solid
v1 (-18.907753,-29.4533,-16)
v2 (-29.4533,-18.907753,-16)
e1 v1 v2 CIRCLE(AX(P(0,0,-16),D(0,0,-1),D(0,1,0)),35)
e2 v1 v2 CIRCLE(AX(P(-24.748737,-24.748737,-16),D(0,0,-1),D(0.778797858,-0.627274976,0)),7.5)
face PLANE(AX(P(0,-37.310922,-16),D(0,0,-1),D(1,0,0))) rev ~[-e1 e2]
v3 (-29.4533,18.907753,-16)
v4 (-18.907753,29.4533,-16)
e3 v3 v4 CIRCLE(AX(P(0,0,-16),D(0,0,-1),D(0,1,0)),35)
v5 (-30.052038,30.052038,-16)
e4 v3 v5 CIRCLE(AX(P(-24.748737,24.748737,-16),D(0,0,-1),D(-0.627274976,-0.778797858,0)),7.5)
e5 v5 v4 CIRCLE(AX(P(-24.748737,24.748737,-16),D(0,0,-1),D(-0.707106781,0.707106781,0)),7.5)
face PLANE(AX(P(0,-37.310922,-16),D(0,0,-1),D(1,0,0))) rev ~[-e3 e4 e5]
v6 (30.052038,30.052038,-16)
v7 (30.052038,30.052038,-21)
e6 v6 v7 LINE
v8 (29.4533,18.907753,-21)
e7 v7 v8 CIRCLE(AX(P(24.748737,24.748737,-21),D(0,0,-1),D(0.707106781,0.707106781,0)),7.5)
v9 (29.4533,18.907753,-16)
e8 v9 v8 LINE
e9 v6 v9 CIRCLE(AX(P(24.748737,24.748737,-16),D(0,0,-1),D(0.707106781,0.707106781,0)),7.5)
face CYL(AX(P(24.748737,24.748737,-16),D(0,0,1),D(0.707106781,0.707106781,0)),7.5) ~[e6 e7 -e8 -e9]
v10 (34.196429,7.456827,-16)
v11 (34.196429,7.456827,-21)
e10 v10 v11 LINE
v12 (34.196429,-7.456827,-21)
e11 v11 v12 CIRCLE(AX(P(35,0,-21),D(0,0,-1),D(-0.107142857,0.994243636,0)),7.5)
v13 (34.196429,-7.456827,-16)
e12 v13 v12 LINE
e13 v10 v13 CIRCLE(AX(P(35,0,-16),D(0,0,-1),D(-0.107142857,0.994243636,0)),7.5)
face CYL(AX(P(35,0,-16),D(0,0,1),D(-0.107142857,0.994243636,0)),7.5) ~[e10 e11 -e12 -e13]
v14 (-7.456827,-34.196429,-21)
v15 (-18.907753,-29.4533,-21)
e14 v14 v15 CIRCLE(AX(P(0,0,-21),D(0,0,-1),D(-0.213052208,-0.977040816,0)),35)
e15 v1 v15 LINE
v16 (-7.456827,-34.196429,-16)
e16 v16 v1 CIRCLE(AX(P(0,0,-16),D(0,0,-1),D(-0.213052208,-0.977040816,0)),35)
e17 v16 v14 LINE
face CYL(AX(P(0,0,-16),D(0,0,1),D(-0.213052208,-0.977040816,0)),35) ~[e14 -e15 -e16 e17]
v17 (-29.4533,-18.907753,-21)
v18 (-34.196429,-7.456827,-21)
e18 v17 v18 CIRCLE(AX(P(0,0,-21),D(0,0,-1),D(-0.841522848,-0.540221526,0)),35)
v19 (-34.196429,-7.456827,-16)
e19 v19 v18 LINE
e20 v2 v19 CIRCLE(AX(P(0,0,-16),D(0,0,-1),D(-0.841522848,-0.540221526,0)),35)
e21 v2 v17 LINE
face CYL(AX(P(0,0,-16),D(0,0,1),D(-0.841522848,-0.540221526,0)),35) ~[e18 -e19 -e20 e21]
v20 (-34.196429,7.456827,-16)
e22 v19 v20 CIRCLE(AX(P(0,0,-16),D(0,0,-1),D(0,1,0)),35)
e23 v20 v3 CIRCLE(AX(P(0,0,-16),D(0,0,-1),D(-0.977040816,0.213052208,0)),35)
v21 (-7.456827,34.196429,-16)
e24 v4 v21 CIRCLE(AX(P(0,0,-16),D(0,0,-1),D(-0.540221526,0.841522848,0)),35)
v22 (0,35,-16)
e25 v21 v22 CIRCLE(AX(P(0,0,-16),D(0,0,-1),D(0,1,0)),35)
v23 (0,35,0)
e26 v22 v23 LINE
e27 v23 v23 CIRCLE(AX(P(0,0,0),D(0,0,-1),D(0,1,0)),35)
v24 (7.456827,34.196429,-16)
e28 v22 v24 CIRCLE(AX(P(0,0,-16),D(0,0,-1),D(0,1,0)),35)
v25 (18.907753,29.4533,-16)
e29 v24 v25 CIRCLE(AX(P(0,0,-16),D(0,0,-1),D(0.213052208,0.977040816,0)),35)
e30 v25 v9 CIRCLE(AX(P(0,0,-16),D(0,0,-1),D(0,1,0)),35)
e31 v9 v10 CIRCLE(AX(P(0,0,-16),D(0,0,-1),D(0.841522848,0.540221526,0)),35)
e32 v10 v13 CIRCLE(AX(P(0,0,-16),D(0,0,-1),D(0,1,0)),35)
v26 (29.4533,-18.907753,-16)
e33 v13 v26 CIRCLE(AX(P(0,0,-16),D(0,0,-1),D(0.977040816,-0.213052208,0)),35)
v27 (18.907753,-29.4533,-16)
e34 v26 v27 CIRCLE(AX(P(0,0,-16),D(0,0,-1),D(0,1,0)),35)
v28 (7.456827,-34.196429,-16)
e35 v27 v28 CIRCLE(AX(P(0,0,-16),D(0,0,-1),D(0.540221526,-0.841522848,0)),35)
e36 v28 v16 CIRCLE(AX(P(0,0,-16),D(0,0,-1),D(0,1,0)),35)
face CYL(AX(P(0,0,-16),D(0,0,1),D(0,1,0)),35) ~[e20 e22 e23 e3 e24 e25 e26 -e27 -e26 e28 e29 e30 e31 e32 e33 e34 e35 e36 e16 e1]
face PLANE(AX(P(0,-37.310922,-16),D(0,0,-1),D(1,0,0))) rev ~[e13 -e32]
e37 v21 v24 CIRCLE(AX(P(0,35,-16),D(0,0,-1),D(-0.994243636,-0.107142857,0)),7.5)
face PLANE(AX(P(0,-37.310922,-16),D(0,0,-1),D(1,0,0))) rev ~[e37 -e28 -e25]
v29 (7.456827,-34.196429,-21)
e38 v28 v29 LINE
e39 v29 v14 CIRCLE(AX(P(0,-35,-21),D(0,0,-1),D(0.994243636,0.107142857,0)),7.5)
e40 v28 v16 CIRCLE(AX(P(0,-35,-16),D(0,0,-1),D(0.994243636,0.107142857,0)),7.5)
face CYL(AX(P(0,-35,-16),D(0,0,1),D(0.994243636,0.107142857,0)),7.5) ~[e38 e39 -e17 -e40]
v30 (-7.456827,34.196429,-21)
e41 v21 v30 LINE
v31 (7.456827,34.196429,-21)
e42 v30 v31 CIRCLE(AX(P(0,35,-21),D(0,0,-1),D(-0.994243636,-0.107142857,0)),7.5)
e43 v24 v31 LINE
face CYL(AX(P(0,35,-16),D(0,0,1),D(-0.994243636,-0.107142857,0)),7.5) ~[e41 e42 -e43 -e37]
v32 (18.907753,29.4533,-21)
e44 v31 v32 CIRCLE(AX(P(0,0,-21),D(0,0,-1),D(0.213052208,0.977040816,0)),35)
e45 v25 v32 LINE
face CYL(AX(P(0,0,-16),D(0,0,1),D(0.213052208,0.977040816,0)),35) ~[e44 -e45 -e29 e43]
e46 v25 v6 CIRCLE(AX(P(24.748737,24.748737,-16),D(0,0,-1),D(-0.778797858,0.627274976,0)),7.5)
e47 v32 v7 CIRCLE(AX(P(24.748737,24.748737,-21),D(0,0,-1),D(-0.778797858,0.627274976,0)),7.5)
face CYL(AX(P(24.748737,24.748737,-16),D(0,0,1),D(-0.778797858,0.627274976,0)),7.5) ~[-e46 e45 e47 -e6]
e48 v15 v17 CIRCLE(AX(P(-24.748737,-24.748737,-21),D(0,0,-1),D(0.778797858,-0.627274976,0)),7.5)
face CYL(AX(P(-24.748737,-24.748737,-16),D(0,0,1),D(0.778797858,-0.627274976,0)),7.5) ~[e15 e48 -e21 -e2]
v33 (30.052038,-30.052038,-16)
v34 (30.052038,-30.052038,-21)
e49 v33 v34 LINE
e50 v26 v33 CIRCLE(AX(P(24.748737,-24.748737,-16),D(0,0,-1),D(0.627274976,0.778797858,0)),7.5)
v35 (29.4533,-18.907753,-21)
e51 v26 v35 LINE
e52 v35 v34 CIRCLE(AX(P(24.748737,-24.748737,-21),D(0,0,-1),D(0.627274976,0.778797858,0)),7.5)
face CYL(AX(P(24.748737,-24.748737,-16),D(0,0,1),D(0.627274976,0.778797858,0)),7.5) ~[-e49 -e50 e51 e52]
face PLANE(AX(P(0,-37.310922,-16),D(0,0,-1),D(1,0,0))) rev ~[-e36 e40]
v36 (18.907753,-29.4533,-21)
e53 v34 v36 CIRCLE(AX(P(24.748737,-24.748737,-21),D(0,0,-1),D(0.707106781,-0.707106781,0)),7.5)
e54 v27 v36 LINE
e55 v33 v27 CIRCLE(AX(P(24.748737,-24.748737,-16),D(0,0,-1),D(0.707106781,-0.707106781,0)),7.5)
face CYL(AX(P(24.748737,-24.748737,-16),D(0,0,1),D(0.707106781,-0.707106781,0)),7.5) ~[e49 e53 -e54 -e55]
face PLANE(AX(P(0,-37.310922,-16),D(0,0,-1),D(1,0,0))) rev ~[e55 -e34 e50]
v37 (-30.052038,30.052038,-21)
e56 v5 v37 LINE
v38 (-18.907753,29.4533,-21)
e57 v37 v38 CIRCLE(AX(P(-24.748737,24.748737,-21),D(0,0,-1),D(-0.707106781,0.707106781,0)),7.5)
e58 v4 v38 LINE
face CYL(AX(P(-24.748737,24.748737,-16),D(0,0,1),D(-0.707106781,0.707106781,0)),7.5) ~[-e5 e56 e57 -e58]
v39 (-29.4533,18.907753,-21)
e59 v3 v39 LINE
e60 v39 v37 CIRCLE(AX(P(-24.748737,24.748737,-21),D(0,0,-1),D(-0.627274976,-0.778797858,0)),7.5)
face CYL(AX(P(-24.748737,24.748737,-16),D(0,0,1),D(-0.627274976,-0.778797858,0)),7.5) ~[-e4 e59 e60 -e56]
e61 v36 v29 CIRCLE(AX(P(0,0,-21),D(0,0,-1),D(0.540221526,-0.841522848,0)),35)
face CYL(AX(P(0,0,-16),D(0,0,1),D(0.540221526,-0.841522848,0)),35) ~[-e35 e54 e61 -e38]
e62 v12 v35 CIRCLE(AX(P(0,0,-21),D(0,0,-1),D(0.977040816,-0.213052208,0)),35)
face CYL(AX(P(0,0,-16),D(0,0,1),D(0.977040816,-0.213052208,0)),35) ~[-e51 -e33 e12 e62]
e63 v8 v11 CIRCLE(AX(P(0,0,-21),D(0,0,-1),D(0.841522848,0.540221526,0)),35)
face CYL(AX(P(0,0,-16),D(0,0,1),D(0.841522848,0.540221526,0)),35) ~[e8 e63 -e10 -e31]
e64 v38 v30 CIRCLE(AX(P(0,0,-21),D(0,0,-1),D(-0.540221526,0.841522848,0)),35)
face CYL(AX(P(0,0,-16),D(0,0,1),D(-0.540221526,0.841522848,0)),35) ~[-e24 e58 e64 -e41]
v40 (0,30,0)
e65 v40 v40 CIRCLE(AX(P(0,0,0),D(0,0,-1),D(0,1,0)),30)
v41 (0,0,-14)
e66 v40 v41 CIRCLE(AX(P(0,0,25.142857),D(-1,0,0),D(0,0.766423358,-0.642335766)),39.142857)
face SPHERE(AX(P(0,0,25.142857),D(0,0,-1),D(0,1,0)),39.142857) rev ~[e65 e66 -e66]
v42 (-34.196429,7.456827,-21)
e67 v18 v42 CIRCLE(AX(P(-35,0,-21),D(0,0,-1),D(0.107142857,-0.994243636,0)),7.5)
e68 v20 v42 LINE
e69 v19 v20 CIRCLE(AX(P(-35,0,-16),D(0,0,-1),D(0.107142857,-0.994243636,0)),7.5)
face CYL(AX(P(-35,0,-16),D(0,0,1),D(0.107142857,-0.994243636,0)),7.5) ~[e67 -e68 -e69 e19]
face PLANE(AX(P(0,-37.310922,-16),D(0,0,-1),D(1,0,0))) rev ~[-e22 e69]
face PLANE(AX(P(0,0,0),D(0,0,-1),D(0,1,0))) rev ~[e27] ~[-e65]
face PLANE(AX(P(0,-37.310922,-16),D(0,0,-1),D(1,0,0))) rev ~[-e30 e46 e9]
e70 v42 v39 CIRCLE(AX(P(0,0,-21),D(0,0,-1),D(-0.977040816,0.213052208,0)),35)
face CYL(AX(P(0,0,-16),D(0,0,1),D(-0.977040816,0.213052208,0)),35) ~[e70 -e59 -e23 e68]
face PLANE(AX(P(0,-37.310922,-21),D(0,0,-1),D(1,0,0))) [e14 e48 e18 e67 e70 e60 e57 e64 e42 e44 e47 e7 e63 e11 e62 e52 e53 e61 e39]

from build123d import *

# Parameters (mm, degrees)
F3_DEPTH = 5


with BuildPart() as f1:
    # F0 (on Right) → F1 (revolve)
    with BuildSketch(Plane.YZ):
        with BuildLine():
            Line((0, -14), (0, -16))
            Line((0, -16), (35, -16))
            Line((35, -16), (35, 0))
            Line((35, 0), (30, 0))
            ThreePointArc((30, 0), (16.5529453572, -10.3277400512), (0, -14))
        make_face()
    revolve(axis=Axis((0, 0, -1.8644096255), (0, 0, -1)))

    # F2 (on face) → F3 (join)
    with BuildSketch(Plane(origin=(0, 0, -16), x_dir=(1, 0, 0), z_dir=(0, 0, -1))):
        with BuildLine():
            ThreePointArc((7.4568272716, 34.1964285714), (0, 42.5), (-7.4568272716, 34.1964285714))
            ThreePointArc((-7.4568272716, 34.1964285714), (0, 35), (7.4568272716, 34.1964285714))
        make_face()
        with BuildLine():
            Line((30.0520382004, 30.0520382004), (24.7487373415, 24.7487373415))
            ThreePointArc((24.7487373415, 24.7487373415), (27.2579250357, 21.9546241768), (29.4532996651, 18.9077534053))
            ThreePointArc((29.4532996651, 18.9077534053), (32.2379363821, 24.3463721699), (30.0520382004, 30.0520382004))
        make_face()
        with BuildLine():
            ThreePointArc((30.0520382004, 30.0520382004), (24.3463721699, 32.2379363821), (18.9077534053, 29.4532996651))
            ThreePointArc((18.9077534053, 29.4532996651), (21.9546241768, 27.2579250357), (24.7487373415, 24.7487373415))
            Line((24.7487373415, 24.7487373415), (30.0520382004, 30.0520382004))
        make_face()
        with BuildLine():
            ThreePointArc((35, 0), (34.7985272677, -3.75), (34.1964285714, -7.4568272716))
            ThreePointArc((34.1964285714, -7.4568272716), (42.5, 0), (34.1964285714, 7.4568272716))
            ThreePointArc((34.1964285714, 7.4568272716), (34.7985272677, 3.75), (35, 0))
        make_face()
        with BuildLine():
            ThreePointArc((29.4532996651, -18.9077534053), (27.2579250357, -21.9546241768), (24.7487373415, -24.7487373415))
            Line((24.7487373415, -24.7487373415), (30.0520382004, -30.0520382004))
            ThreePointArc((30.0520382004, -30.0520382004), (32.2379363821, -24.3463721699), (29.4532996651, -18.9077534053))
        make_face()
        with BuildLine():
            Line((30.0520382004, -30.0520382004), (24.7487373415, -24.7487373415))
            ThreePointArc((24.7487373415, -24.7487373415), (21.9546241768, -27.2579250357), (18.9077534053, -29.4532996651))
            ThreePointArc((18.9077534053, -29.4532996651), (24.3463721699, -32.2379363821), (30.0520382004, -30.0520382004))
        make_face()
        with BuildLine():
            ThreePointArc((7.4568272716, -34.1964285714), (0, -35), (-7.4568272716, -34.1964285714))
            ThreePointArc((-7.4568272716, -34.1964285714), (0, -42.5), (7.4568272716, -34.1964285714))
        make_face()
        with BuildLine():
            Line((-24.7487373415, -24.7487373415), (-30.0520382004, -30.0520382004))
            ThreePointArc((-30.0520382004, -30.0520382004), (-24.3463721699, -32.2379363821), (-18.9077534053, -29.4532996651))
            ThreePointArc((-18.9077534053, -29.4532996651), (-21.9546241768, -27.2579250357), (-24.7487373415, -24.7487373415))
        make_face()
        with BuildLine():
            ThreePointArc((-24.7487373415, -24.7487373415), (-27.2579250357, -21.9546241768), (-29.4532996651, -18.9077534053))
            ThreePointArc((-29.4532996651, -18.9077534053), (-32.2379363821, -24.3463721699), (-30.0520382004, -30.0520382004))
            Line((-30.0520382004, -30.0520382004), (-24.7487373415, -24.7487373415))
        make_face()
        with BuildLine():
            ThreePointArc((-34.1964285714, -7.4568272716), (-35, 0), (-34.1964285714, 7.4568272716))
            ThreePointArc((-34.1964285714, 7.4568272716), (-42.5, 0), (-34.1964285714, -7.4568272716))
        make_face()
        with BuildLine():
            ThreePointArc((-18.9077534053, 29.4532996651), (-30.0520382004, 30.0520382004), (-29.4532996651, 18.9077534053))
            ThreePointArc((-29.4532996651, 18.9077534053), (-28.7456915825, 19.9671033313), (-28, 21))
            Line((-28, 21), (-28, 28))
            Line((-28, 28), (-24.7487373415, 24.7487373415))
            ThreePointArc((-24.7487373415, 24.7487373415), (-21.9546241768, 27.2579250357), (-18.9077534053, 29.4532996651))
        make_face()
        with BuildLine():
            ThreePointArc((-7.4568272716, 34.1964285714), (-13.3939201328, 32.3357836379), (-18.9077534053, 29.4532996651))
            ThreePointArc((-18.9077534053, 29.4532996651), (-21.9546241768, 27.2579250357), (-24.7487373415, 24.7487373415))
            Line((-24.7487373415, 24.7487373415), (0, 0))
            Line((0, 0), (24.7487373415, 24.7487373415))
            ThreePointArc((24.7487373415, 24.7487373415), (21.9546241768, 27.2579250357), (18.9077534053, 29.4532996651))
            ThreePointArc((18.9077534053, 29.4532996651), (13.3939201328, 32.3357836379), (7.4568272716, 34.1964285714))
            ThreePointArc((7.4568272716, 34.1964285714), (0, 35), (-7.4568272716, 34.1964285714))
        make_face()
        with BuildLine():
            Line((24.7487373415, 24.7487373415), (0, 0))
            Line((0, 0), (24.7487373415, -24.7487373415))
            ThreePointArc((24.7487373415, -24.7487373415), (27.2579250357, -21.9546241768), (29.4532996651, -18.9077534053))
            ThreePointArc((29.4532996651, -18.9077534053), (32.3357836379, -13.3939201328), (34.1964285714, -7.4568272716))
            ThreePointArc((34.1964285714, -7.4568272716), (34.7985272677, -3.75), (35, 0))
            ThreePointArc((35, 0), (34.7985272677, 3.75), (34.1964285714, 7.4568272716))
            ThreePointArc((34.1964285714, 7.4568272716), (32.3357836379, 13.3939201328), (29.4532996651, 18.9077534053))
            ThreePointArc((29.4532996651, 18.9077534053), (27.2579250357, 21.9546241768), (24.7487373415, 24.7487373415))
        make_face()
        with BuildLine():
            Line((24.7487373415, -24.7487373415), (0, 0))
            Line((0, 0), (-24.7487373415, -24.7487373415))
            ThreePointArc((-24.7487373415, -24.7487373415), (-21.9546241768, -27.2579250357), (-18.9077534053, -29.4532996651))
            ThreePointArc((-18.9077534053, -29.4532996651), (-13.3939201328, -32.3357836379), (-7.4568272716, -34.1964285714))
            ThreePointArc((-7.4568272716, -34.1964285714), (0, -35), (7.4568272716, -34.1964285714))
            ThreePointArc((7.4568272716, -34.1964285714), (13.3939201328, -32.3357836379), (18.9077534053, -29.4532996651))
            ThreePointArc((18.9077534053, -29.4532996651), (21.9546241768, -27.2579250357), (24.7487373415, -24.7487373415))
        make_face()
        with BuildLine():
            ThreePointArc((-28, 21), (-28.7456915825, 19.9671033313), (-29.4532996651, 18.9077534053))
            ThreePointArc((-29.4532996651, 18.9077534053), (-32.3357836379, 13.3939201328), (-34.1964285714, 7.4568272716))
            ThreePointArc((-34.1964285714, 7.4568272716), (-35, 0), (-34.1964285714, -7.4568272716))
            ThreePointArc((-34.1964285714, -7.4568272716), (-32.3357836379, -13.3939201328), (-29.4532996651, -18.9077534053))
            ThreePointArc((-29.4532996651, -18.9077534053), (-27.2579250357, -21.9546241768), (-24.7487373415, -24.7487373415))
            Line((-24.7487373415, -24.7487373415), (0, 0))
            Line((0, 0), (-28, 0))
            Line((-28, 0), (-28, 21))
        make_face()
        with BuildLine():
            ThreePointArc((-24.7487373415, 24.7487373415), (-26.4408884249, 22.9320609476), (-28, 21))
            Line((-28, 21), (-28, 0))
            Line((-28, 0), (0, 0))
            Line((0, 0), (-24.7487373415, 24.7487373415))
        make_face()
        with BuildLine():
            Line((-28, 28), (-28, 21))
            ThreePointArc((-28, 21), (-26.4408884249, 22.9320609476), (-24.7487373415, 24.7487373415))
            Line((-24.7487373415, 24.7487373415), (-28, 28))
        make_face()
    extrude(amount=F3_DEPTH)


solid = f1.part
